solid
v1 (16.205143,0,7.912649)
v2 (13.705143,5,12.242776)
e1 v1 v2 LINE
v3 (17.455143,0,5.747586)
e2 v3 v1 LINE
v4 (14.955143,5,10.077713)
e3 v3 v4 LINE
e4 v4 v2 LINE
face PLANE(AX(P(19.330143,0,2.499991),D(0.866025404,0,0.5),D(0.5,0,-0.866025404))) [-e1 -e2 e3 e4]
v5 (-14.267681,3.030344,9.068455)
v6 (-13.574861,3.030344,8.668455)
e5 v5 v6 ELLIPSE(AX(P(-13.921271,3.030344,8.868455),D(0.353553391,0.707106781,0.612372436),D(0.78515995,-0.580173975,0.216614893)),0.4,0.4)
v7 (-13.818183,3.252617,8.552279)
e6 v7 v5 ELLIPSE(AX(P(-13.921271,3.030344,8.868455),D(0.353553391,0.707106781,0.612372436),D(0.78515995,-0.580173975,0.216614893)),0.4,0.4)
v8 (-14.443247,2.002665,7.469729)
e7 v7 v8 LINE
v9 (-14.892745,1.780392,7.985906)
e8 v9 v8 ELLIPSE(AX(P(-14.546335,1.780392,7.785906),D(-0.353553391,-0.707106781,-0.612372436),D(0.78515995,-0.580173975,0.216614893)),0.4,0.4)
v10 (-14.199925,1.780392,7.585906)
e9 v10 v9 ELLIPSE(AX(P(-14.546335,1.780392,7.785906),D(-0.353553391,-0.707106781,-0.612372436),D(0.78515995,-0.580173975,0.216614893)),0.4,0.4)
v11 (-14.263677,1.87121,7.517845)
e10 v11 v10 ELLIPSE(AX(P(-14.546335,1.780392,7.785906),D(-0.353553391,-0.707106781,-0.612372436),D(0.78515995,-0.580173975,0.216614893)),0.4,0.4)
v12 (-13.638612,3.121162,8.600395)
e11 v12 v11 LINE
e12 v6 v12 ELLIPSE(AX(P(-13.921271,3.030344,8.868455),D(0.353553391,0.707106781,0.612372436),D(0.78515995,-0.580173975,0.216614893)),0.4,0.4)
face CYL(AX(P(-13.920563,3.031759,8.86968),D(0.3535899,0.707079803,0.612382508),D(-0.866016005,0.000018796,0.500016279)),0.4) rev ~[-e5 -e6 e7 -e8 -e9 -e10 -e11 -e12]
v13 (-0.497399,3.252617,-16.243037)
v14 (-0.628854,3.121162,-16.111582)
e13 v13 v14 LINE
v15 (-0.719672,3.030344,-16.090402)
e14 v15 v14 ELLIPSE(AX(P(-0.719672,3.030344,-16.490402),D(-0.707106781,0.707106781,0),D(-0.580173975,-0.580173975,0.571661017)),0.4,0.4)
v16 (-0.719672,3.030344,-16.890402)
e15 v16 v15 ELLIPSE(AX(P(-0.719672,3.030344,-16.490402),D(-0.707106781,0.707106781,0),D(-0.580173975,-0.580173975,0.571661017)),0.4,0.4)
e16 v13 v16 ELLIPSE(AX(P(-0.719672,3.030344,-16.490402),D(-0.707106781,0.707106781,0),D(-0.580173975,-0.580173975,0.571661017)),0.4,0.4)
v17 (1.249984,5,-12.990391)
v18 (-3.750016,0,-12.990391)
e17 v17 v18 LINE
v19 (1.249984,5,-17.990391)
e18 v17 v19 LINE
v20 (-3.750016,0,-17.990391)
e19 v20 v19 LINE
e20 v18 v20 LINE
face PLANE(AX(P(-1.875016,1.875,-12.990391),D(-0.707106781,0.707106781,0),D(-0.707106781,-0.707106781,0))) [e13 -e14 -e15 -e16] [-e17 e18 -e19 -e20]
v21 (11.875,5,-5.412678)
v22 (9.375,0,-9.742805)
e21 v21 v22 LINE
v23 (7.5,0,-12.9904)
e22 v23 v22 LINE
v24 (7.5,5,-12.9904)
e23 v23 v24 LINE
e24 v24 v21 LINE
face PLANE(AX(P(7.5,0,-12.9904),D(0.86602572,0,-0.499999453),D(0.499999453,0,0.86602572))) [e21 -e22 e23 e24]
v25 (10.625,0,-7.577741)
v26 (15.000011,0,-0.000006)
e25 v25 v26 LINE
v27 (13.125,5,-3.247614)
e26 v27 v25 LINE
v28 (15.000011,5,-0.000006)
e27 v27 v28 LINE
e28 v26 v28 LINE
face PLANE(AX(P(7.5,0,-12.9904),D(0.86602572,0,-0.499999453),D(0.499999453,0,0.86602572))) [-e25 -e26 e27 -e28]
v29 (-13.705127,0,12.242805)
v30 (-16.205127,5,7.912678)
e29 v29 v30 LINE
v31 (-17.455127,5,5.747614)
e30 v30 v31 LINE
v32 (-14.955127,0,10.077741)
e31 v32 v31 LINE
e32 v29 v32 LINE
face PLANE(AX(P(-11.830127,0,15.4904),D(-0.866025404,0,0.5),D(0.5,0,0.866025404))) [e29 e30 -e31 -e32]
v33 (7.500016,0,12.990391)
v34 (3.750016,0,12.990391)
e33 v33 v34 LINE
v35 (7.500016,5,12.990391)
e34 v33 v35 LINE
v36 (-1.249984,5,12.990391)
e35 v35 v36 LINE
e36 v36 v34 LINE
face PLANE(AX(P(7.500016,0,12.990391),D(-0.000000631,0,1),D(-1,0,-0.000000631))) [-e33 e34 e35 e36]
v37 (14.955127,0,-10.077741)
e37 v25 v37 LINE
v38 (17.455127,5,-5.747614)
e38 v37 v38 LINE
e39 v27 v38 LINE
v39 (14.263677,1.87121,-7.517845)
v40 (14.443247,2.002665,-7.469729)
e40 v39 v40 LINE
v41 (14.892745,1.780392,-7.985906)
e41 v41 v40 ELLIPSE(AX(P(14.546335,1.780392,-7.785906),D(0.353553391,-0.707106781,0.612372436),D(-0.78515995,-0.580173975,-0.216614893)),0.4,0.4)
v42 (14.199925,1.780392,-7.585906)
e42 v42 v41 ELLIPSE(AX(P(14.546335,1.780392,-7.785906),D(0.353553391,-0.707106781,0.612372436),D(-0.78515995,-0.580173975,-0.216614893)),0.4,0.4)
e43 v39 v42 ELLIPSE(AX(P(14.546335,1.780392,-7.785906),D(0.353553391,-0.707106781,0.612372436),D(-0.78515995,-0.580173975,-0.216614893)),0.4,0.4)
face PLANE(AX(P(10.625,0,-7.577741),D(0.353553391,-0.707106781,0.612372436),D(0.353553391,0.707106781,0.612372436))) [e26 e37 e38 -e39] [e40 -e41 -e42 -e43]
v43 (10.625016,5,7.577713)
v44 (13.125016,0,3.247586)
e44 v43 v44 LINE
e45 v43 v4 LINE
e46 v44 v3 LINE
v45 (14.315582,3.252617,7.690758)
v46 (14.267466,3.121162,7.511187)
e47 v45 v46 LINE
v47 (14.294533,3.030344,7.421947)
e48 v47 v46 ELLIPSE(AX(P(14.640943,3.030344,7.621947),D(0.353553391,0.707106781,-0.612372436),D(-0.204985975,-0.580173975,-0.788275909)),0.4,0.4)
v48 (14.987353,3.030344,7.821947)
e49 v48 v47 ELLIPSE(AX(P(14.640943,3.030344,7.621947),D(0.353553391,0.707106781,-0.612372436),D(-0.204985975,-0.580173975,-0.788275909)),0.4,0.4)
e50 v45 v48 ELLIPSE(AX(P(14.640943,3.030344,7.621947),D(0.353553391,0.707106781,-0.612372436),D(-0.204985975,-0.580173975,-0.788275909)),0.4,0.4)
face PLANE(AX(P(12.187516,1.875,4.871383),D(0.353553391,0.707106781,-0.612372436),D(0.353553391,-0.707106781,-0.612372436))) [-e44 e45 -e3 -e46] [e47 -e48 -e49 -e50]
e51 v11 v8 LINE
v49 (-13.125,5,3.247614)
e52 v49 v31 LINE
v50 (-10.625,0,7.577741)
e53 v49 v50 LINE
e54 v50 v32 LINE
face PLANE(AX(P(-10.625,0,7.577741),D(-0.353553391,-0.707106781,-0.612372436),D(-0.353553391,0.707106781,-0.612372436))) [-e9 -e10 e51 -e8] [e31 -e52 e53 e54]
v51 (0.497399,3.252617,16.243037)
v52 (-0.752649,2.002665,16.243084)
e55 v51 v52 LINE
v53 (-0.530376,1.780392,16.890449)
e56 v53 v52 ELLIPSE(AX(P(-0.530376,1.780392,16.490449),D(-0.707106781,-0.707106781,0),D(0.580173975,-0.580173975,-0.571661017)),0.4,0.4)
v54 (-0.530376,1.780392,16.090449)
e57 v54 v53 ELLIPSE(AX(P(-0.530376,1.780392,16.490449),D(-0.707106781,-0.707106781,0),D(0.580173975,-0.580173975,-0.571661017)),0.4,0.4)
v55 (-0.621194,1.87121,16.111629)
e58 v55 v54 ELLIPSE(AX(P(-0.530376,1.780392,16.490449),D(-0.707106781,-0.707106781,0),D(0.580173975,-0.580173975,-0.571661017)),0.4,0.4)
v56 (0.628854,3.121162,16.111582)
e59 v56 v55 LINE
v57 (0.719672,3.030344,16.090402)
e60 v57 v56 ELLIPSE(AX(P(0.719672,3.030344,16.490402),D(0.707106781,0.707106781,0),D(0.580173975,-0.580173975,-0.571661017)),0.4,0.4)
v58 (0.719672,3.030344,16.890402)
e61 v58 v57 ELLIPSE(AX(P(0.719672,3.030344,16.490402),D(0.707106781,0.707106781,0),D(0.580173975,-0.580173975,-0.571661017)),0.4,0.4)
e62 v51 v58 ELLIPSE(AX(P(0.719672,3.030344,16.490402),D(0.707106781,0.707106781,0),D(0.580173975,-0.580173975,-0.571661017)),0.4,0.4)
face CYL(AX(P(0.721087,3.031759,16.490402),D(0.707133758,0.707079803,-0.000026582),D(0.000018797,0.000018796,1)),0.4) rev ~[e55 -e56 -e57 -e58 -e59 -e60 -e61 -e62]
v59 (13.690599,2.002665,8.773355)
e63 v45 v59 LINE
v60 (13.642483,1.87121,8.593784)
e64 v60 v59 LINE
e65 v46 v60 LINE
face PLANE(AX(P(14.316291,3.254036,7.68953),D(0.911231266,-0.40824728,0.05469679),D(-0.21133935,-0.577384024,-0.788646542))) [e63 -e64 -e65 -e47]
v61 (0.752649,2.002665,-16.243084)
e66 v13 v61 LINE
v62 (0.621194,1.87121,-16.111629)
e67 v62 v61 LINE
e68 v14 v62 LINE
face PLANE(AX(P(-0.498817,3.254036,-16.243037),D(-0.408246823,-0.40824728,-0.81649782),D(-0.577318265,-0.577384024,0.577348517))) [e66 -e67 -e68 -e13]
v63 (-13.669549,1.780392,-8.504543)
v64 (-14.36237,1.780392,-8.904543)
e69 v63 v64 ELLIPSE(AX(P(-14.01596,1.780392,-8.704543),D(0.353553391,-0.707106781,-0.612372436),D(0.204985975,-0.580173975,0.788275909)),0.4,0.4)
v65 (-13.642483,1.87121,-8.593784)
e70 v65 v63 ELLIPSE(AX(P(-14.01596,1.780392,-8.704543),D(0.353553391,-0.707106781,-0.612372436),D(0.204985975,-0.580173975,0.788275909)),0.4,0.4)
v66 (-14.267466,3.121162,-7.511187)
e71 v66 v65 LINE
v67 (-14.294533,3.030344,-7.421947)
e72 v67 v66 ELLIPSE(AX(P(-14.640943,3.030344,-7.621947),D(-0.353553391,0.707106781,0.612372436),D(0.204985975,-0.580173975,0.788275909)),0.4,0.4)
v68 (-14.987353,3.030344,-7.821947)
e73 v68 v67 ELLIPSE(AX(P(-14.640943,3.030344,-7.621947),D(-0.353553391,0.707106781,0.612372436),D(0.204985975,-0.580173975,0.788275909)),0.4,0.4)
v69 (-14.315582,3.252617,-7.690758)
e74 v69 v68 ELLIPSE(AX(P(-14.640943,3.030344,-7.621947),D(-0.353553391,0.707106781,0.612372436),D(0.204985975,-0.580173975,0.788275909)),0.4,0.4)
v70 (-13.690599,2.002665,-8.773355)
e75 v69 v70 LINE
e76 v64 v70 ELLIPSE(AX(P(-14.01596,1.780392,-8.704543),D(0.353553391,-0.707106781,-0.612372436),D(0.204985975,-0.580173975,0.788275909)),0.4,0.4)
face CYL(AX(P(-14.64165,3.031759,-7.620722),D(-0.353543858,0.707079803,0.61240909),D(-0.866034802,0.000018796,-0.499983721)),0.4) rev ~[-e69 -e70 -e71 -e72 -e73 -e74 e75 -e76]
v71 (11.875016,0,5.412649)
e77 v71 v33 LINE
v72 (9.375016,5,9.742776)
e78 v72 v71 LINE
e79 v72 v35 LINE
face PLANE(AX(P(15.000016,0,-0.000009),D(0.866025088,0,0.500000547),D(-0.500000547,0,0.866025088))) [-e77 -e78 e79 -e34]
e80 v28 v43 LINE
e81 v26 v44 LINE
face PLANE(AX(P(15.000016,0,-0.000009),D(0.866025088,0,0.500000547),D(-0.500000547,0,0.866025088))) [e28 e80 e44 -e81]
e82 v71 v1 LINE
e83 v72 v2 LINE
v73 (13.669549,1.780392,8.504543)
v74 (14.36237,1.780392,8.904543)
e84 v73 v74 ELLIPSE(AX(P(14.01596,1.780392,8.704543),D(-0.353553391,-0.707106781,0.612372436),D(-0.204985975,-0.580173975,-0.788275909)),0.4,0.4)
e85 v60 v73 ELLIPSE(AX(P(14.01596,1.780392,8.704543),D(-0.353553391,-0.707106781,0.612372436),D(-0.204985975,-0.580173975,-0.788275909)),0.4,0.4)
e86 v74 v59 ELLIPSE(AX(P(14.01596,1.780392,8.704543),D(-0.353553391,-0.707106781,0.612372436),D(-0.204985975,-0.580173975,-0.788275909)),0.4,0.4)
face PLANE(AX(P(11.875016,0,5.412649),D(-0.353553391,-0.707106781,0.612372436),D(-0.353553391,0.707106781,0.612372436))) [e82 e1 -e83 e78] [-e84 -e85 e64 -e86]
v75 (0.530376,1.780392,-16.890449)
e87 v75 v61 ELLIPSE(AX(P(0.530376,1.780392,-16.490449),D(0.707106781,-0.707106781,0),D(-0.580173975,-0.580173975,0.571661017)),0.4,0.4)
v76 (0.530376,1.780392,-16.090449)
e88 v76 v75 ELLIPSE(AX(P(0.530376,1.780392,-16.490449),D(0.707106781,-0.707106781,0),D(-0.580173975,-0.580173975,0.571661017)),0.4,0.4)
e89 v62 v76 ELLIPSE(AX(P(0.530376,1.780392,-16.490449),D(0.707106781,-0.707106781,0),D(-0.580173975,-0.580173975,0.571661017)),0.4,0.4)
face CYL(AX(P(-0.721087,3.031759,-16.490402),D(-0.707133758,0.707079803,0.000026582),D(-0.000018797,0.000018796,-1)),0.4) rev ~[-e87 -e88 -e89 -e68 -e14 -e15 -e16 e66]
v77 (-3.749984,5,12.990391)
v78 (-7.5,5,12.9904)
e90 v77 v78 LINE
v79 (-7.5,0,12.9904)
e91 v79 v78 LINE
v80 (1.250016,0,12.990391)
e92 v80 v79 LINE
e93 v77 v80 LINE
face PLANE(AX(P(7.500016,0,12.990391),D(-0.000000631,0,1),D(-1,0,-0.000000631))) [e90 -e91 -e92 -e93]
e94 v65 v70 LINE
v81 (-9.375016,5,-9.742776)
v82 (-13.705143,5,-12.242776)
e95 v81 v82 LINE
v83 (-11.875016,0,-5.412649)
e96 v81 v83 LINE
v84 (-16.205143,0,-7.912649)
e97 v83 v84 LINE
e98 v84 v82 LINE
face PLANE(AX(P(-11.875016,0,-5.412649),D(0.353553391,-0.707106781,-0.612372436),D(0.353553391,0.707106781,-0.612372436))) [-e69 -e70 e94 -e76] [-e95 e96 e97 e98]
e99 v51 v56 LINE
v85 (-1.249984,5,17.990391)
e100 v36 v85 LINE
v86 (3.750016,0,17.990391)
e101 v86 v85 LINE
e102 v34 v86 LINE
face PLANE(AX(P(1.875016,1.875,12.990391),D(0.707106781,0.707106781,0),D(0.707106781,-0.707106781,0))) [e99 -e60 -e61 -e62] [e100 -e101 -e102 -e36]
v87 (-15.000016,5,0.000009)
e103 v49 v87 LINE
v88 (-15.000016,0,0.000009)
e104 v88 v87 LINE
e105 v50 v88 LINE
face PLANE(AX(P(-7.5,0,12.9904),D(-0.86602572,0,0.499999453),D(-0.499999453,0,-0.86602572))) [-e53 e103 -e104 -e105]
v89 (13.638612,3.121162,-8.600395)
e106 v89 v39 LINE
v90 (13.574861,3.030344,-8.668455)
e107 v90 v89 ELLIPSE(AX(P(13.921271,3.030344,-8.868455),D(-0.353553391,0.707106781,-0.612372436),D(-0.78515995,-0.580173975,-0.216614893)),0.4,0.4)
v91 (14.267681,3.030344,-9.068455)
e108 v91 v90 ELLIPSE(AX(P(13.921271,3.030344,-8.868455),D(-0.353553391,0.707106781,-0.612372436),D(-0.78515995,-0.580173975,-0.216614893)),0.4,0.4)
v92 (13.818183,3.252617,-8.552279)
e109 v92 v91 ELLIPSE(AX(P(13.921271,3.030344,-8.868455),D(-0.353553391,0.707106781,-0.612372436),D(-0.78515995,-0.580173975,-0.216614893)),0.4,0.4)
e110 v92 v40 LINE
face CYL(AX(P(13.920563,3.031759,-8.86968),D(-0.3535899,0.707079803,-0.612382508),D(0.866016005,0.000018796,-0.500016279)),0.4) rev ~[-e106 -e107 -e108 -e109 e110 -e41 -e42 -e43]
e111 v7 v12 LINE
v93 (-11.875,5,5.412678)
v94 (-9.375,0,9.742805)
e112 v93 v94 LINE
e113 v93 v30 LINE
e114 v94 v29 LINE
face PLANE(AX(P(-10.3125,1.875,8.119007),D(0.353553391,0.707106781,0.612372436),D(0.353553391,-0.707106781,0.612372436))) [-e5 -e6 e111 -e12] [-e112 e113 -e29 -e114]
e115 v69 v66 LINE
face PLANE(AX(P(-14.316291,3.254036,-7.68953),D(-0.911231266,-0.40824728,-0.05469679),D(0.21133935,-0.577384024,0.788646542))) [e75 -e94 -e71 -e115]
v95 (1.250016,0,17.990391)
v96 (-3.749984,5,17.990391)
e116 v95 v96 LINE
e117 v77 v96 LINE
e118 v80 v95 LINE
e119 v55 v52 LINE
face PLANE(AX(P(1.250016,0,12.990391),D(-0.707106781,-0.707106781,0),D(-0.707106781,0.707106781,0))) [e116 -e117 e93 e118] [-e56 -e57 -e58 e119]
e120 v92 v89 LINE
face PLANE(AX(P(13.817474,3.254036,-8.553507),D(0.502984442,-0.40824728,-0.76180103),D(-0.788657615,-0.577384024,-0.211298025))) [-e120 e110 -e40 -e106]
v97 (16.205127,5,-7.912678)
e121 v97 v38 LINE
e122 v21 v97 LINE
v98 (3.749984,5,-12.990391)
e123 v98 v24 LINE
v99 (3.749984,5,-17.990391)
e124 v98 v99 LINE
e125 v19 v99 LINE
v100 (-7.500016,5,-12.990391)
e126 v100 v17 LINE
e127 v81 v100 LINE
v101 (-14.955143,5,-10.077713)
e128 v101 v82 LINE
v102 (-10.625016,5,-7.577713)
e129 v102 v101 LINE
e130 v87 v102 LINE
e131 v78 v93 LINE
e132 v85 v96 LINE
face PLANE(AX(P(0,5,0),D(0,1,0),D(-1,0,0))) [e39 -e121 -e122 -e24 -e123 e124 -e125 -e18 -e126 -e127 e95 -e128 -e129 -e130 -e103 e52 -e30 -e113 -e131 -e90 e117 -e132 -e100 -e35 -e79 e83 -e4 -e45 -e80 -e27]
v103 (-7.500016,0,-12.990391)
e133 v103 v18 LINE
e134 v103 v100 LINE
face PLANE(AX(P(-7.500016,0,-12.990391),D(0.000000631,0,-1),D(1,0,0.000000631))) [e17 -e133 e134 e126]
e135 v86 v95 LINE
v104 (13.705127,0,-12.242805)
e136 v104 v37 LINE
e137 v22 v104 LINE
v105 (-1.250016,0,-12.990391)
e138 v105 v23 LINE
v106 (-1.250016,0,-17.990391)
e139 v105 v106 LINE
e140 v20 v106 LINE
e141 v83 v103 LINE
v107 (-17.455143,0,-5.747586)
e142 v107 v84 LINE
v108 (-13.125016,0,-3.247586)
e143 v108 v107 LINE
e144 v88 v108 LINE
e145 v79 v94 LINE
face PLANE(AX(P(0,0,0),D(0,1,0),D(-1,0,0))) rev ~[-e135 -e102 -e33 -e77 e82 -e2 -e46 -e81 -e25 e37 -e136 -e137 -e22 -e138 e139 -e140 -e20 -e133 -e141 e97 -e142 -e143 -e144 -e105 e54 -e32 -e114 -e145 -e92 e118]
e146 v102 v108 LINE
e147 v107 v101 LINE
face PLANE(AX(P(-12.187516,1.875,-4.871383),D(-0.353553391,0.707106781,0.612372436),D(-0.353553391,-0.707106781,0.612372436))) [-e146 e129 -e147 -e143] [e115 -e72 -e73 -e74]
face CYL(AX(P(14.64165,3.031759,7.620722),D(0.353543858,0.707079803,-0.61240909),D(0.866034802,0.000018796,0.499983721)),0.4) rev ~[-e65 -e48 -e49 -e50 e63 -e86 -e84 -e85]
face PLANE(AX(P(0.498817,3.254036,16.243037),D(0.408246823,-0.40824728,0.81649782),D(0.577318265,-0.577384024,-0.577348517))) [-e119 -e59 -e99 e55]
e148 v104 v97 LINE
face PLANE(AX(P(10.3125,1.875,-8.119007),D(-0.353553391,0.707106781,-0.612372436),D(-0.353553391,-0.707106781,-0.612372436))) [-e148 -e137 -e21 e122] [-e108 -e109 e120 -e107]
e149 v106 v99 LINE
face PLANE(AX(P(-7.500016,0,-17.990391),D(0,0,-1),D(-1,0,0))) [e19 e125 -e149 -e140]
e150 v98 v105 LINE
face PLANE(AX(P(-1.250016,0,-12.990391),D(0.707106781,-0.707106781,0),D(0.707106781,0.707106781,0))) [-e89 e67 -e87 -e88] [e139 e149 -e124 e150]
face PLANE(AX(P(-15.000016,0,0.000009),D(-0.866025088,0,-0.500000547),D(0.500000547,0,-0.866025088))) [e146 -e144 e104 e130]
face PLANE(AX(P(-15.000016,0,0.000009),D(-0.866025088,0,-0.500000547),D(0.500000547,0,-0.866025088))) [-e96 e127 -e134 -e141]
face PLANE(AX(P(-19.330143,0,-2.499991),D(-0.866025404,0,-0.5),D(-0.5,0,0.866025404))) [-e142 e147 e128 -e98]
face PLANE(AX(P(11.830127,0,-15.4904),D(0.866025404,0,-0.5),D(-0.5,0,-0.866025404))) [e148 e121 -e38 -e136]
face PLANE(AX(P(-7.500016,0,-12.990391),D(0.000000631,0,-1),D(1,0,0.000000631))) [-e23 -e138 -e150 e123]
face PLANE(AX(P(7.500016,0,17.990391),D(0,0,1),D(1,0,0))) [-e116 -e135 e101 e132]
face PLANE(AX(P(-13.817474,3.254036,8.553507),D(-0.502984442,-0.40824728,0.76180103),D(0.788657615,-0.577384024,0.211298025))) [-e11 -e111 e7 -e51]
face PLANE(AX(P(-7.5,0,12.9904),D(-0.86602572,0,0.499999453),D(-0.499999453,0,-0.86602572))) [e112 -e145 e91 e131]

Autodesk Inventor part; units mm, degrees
ref_plane "YZ Plane" through (0, 0, 0) normal (1, 0, 0) x (0, 1, 0)
ref_plane "XZ Plane" through (0, 0, 0) normal (0, 1, 0) x (-1, 0, 0)
ref_plane "XY Plane" through (0, 0, 0) normal (0, 0, 1) x (1, 0, 0)
sketch "Sketch1" plane through (0, 0, 0) normal (0, 1, 0) x (-1, 0, 0)
  circle A0 centre (0, 0) radius 15
  circle A1 centre (0, 0) radius 10
  line L0 (0, 0) -> (-15, 0)
  line L1 (-15, 0) -> (-7.5, 12.9904)
  line L2 (-7.5, 12.9904) -> (0, 0)
  line L3 (-7.5, 12.9904) -> (7.5, 12.9904)
  line L4 (7.5, 12.9904) -> (15, 0)
  line L5 (15, 0) -> (7.5, -12.9904)
  line L6 (7.5, -12.9904) -> (-7.5, -12.9904)
  line L7 (-7.5, -12.9904) -> (-15, 0)
  line L8 (0, 0) -> (7.5, 12.9904)
  line L9 (0, 0) -> (15, 0)
  line L10 (0, 0) -> (7.5, -12.9904)
  line L11 (0, 0) -> (-7.5, -12.9904)
extrude "Extrusion3" add sketch "Sketch1" along normal blind 5 contours L7 L0 A1 L11 | L11 A1 L0
sketch "Sketch5" plane through (7.5, 0, -12.9904) normal (0.866, 0, -0.5) x (-0.5, 0, -0.866)
  line L0 (-15, 0) -> (0, 0) projected
  line L1 (0, 0) -> (0, 5) projected
  line L2 (-15, 5) -> (0, 5) projected
  line L3 (-15, 0) -> (-15, 5) projected
  line L4 (0, 0) -> (-15, 5)
  line L5 (-15, 0) -> (0, 5)
  line L6 (-7.5, 2.5) -> (-7.5, 5)
  line L7 (-7.5, 5) -> (-10, 5)
  line L8 (-10, 5) -> (-7.5, 2.5)
  line L9 (-7.5, 2.5) -> (-5, 0)
  line L10 (-10, 5) -> (-8.75, 5)
  line L11 (-8.75, 5) -> (-3.75, 0)
  line L12 (-3.75, 0) -> (-6.25, 0)
  line L13 (-6.25, 0) -> (-11.25, 5)
  line L14 (-10, 5) -> (-11.25, 5)
  dimension "d18" = 2.5
  dimension "d19" = 2.5
extrude "Extrusion4" add sketch "Sketch5" along normal blind 5 contours L13 L5 L9 L0 | L13 L4 L5 | L9 L4 L11 L0 | L2 L8 L4 L13 | L5 L11 L4 | L6 L11 L5 | L8 L2 L11 L6
sketch "Sketch6" plane through (11.875, 5, -5.4127) normal (-0.3536, 0.7071, -0.6124) x (0.866, 0, -0.5)
  line L0 (0, 0) -> (0, 7.0711) projected
  line L1 (0, 0) -> (5, 0) projected
  line L2 (5, 7.0711) -> (5, 0) projected
  line L3 (0, 7.0711) -> (5, 7.0711) projected
  line L4 (0, 0) -> (5, 7.0711)
  line L5 (5, 0) -> (0, 7.0711)
  line L6 (2.5, 3.5355) -> (2.5, 2.7855)
  line L7 (2.5, 2.7855) -> (3.5, 2.7855)
  circle A0 centre (3.5, 2.7855) radius 0.4
  point P0 (3.2526, 2.4712)
  point P1 (3.1212, 2.657)
  dimension "d22" = 0.75
  dimension "d26" = 1
  dimension "d27" = 0.8
extrude "Extrusion5" cut sketch "Sketch6" against normal blind 5 contours L5 A0 picked at (3.3911, 2.7263)
pattern_circular "Circular Pattern1" count 6 over 360 about axis through (0, 0, 0) along (0, 1, 0) of "Extrusion3", "Extrusion4", "Extrusion5"
properties part number "hub"
